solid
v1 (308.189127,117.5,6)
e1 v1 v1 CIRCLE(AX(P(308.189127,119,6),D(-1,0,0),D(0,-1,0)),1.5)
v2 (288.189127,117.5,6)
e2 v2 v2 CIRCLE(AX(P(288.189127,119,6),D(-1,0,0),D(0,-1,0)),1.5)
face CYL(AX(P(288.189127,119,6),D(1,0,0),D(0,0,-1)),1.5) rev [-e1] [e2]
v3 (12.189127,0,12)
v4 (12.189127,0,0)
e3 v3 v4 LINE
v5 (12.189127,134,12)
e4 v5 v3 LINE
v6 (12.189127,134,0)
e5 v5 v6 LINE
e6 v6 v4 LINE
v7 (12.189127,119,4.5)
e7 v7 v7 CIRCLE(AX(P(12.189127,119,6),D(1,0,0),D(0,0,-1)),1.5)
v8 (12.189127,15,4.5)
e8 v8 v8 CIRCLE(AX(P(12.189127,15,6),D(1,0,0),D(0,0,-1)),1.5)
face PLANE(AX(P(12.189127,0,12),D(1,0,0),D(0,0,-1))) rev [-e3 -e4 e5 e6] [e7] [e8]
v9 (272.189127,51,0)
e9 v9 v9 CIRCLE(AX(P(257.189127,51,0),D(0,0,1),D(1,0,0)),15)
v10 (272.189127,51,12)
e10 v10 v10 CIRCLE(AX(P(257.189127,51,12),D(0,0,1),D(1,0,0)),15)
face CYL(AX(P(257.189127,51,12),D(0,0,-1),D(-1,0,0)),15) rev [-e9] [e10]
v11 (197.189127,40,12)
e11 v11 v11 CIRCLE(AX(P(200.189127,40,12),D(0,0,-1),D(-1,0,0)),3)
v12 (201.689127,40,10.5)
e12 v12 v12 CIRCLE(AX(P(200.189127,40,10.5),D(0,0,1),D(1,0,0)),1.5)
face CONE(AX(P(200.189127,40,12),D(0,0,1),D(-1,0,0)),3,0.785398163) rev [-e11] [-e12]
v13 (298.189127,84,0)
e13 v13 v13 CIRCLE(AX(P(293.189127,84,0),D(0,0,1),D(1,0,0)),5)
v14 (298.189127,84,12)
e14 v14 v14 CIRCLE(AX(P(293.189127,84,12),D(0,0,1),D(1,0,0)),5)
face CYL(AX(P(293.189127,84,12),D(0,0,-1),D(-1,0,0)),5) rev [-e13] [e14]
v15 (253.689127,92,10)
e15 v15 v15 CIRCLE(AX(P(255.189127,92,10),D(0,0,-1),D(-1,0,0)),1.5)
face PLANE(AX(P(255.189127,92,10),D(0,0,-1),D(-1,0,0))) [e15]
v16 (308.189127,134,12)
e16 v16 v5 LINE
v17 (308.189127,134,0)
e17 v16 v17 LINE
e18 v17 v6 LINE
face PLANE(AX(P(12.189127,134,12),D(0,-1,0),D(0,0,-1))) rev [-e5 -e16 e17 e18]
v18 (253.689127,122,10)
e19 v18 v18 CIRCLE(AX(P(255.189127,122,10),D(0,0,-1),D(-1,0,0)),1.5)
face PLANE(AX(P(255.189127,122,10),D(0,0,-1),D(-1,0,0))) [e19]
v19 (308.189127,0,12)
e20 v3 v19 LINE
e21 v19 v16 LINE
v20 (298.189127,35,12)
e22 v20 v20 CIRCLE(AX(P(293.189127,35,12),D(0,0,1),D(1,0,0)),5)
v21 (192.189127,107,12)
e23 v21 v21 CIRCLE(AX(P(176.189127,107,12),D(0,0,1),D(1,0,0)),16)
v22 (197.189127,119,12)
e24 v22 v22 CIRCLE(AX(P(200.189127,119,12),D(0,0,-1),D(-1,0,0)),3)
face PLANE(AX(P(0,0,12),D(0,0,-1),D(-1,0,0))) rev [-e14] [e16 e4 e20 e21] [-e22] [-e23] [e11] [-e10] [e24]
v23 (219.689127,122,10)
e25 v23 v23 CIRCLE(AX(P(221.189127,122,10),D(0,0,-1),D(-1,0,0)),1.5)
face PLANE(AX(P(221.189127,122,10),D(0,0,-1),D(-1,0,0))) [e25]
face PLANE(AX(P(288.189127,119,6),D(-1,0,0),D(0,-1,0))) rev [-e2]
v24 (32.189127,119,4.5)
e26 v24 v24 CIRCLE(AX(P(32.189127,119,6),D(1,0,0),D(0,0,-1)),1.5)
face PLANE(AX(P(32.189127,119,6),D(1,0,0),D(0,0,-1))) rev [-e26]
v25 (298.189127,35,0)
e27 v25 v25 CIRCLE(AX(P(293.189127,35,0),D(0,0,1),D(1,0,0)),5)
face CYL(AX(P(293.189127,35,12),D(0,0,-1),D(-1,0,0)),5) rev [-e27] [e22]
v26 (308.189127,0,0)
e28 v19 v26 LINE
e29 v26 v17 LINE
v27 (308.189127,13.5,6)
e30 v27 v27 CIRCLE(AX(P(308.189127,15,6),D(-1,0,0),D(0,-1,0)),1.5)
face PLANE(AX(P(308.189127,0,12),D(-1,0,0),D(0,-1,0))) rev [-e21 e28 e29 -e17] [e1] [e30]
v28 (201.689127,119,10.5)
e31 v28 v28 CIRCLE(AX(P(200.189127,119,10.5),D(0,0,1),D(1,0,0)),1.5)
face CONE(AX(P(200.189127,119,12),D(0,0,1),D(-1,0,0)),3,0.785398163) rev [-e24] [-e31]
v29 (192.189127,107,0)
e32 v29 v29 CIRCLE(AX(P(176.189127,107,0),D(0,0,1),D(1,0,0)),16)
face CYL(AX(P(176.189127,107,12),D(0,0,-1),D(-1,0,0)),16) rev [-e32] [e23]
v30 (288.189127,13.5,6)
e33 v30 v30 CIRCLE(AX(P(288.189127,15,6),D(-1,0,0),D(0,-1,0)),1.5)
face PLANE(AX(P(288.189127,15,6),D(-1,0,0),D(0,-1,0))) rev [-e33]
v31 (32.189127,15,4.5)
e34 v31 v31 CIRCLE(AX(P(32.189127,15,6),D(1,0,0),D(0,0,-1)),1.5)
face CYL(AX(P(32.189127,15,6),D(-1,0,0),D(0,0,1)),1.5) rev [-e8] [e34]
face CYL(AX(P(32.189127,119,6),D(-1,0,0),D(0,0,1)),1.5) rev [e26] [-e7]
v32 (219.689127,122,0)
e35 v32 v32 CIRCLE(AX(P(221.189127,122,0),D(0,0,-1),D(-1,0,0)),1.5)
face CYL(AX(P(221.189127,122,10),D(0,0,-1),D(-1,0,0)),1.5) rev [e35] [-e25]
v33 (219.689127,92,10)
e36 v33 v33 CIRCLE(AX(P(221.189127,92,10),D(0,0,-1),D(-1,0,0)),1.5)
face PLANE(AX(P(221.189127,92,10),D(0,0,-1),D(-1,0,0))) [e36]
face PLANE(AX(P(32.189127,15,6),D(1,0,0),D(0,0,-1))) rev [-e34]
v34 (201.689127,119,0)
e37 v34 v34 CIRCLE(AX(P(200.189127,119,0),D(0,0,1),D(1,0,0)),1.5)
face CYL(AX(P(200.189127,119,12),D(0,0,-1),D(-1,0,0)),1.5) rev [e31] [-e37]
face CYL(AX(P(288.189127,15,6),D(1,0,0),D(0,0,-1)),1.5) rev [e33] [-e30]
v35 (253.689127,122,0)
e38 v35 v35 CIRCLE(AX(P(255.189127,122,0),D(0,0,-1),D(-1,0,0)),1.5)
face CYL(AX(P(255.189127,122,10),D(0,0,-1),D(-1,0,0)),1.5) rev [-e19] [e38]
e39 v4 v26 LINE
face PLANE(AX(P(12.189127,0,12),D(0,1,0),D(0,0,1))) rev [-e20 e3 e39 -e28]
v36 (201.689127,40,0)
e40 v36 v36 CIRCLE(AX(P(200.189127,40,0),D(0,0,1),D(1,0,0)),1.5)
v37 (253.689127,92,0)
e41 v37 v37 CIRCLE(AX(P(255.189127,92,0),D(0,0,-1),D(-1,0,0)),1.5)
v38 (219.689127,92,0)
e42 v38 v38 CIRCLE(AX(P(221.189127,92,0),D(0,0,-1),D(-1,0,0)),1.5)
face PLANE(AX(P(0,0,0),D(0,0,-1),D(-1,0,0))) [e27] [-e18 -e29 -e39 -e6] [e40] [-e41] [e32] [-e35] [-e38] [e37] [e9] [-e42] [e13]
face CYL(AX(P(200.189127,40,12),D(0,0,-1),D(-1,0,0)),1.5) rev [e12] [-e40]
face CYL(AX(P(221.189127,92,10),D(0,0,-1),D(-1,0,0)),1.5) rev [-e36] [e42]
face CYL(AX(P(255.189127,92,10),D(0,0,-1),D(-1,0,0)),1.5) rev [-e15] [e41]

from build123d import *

# Parameters (mm, degrees)
SKETCH1_W           = 296
SKETCH1_H           = 134
SKETCH1_R           = 15
SKETCH1_R_2         = 16
SKETCH1_R_3         = 5
SKETCH1_R_4         = 1.5
BOSS_EXTRUDE1_DEPTH = 12
CUT_EXTRUDE1_START  = 12.189127
SKETCH2_R           = 1.5
CUT_EXTRUDE1_DEPTH  = 20
CUT_EXTRUDE2_START  = 288.189127
SKETCH2_2_R         = 1.5
CUT_EXTRUDE2_DEPTH  = 20.000001
SKETCH5_R           = 1.5
CUT_EXTRUDE5_DEPTH  = 10


with BuildPart() as part:
    # Sketch1 → Boss-Extrude1 (new body)
    with BuildSketch(Plane.XY):
        with Locations((160.18912744, 67)):
            Rectangle(SKETCH1_W, SKETCH1_H)
        with Locations((257.18912744, 51)):
            Circle(SKETCH1_R, mode=Mode.SUBTRACT)
        with Locations((176.18912744, 107)):
            Circle(SKETCH1_R_2, mode=Mode.SUBTRACT)
        with Locations((293.18912744, 84)):
            Circle(SKETCH1_R_3, mode=Mode.SUBTRACT)
        with Locations((200.18912744, 119)):
            Circle(SKETCH1_R_4, mode=Mode.SUBTRACT)
        with Locations((200.18912744, 40)):
            Circle(SKETCH1_R_4, mode=Mode.SUBTRACT)
        with Locations((293.18912744, 35)):
            Circle(SKETCH1_R_3, mode=Mode.SUBTRACT)
    extrude(amount=BOSS_EXTRUDE1_DEPTH)

    # Sketch2 → Cut-Extrude1 (cut)
    with BuildSketch(Plane(origin=(0, 0, 0), x_dir=(0, 0, -1), z_dir=(1, 0, 0)).offset(CUT_EXTRUDE1_START)):
        with Locations((-6, 119)):
            Circle(SKETCH2_R)
        with Locations((-6, 15)):
            Circle(SKETCH2_R)
    extrude(amount=CUT_EXTRUDE1_DEPTH, mode=Mode.SUBTRACT)

    # Sketch2<2> → Cut-Extrude2 (cut)
    with BuildSketch(Plane(origin=(0, 0, 0), x_dir=(0, 0, -1), z_dir=(1, 0, 0)).offset(CUT_EXTRUDE2_START)):
        with Locations((-6, 119)):
            Circle(SKETCH2_2_R)
        with Locations((-6, 15)):
            Circle(SKETCH2_2_R)
    extrude(amount=CUT_EXTRUDE2_DEPTH, mode=Mode.SUBTRACT)

    # Cut-Extrude4 cone 1 section (through the dimple's axis) → Cut-Extrude4 (revolve, cut)
    with BuildSketch(Plane(origin=(200.18912744, 119, 12), x_dir=(0, -1, 0), z_dir=(1, 0, 0))):
        Polygon((0, 0), (3, 0), (0, 3), align=None)
    revolve(axis=Axis((200.18912744, 119, 12), (0, 0, -1)), mode=Mode.SUBTRACT)

    # Cut-Extrude4 cone 2 section (through the dimple's axis) → Cut-Extrude4 cone 2 (revolve, cut)
    with BuildSketch(Plane(origin=(200.18912744, 40, 12), x_dir=(0, -1, 0), z_dir=(1, 0, 0))):
        Polygon((0, 0), (3, 0), (0, 3), align=None)
    revolve(axis=Axis((200.18912744, 40, 12), (0, 0, -1)), mode=Mode.SUBTRACT)

    # Sketch5 → Cut-Extrude5 (cut)
    with BuildSketch(Plane.XY):
        with Locations(Location((221.18912744, 122, 0), (0, 0, 180))):
            Circle(SKETCH5_R)
        with Locations(Location((255.18912744, 122, 0), (0, 0, 180))):
            Circle(SKETCH5_R)
        with Locations(Location((221.18912744, 92, 0), (0, 0, 180))):
            Circle(SKETCH5_R)
        with Locations(Location((255.18912744, 92, 0), (0, 0, 180))):
            Circle(SKETCH5_R)
    extrude(amount=CUT_EXTRUDE5_DEPTH, mode=Mode.SUBTRACT)


solid = part.part
